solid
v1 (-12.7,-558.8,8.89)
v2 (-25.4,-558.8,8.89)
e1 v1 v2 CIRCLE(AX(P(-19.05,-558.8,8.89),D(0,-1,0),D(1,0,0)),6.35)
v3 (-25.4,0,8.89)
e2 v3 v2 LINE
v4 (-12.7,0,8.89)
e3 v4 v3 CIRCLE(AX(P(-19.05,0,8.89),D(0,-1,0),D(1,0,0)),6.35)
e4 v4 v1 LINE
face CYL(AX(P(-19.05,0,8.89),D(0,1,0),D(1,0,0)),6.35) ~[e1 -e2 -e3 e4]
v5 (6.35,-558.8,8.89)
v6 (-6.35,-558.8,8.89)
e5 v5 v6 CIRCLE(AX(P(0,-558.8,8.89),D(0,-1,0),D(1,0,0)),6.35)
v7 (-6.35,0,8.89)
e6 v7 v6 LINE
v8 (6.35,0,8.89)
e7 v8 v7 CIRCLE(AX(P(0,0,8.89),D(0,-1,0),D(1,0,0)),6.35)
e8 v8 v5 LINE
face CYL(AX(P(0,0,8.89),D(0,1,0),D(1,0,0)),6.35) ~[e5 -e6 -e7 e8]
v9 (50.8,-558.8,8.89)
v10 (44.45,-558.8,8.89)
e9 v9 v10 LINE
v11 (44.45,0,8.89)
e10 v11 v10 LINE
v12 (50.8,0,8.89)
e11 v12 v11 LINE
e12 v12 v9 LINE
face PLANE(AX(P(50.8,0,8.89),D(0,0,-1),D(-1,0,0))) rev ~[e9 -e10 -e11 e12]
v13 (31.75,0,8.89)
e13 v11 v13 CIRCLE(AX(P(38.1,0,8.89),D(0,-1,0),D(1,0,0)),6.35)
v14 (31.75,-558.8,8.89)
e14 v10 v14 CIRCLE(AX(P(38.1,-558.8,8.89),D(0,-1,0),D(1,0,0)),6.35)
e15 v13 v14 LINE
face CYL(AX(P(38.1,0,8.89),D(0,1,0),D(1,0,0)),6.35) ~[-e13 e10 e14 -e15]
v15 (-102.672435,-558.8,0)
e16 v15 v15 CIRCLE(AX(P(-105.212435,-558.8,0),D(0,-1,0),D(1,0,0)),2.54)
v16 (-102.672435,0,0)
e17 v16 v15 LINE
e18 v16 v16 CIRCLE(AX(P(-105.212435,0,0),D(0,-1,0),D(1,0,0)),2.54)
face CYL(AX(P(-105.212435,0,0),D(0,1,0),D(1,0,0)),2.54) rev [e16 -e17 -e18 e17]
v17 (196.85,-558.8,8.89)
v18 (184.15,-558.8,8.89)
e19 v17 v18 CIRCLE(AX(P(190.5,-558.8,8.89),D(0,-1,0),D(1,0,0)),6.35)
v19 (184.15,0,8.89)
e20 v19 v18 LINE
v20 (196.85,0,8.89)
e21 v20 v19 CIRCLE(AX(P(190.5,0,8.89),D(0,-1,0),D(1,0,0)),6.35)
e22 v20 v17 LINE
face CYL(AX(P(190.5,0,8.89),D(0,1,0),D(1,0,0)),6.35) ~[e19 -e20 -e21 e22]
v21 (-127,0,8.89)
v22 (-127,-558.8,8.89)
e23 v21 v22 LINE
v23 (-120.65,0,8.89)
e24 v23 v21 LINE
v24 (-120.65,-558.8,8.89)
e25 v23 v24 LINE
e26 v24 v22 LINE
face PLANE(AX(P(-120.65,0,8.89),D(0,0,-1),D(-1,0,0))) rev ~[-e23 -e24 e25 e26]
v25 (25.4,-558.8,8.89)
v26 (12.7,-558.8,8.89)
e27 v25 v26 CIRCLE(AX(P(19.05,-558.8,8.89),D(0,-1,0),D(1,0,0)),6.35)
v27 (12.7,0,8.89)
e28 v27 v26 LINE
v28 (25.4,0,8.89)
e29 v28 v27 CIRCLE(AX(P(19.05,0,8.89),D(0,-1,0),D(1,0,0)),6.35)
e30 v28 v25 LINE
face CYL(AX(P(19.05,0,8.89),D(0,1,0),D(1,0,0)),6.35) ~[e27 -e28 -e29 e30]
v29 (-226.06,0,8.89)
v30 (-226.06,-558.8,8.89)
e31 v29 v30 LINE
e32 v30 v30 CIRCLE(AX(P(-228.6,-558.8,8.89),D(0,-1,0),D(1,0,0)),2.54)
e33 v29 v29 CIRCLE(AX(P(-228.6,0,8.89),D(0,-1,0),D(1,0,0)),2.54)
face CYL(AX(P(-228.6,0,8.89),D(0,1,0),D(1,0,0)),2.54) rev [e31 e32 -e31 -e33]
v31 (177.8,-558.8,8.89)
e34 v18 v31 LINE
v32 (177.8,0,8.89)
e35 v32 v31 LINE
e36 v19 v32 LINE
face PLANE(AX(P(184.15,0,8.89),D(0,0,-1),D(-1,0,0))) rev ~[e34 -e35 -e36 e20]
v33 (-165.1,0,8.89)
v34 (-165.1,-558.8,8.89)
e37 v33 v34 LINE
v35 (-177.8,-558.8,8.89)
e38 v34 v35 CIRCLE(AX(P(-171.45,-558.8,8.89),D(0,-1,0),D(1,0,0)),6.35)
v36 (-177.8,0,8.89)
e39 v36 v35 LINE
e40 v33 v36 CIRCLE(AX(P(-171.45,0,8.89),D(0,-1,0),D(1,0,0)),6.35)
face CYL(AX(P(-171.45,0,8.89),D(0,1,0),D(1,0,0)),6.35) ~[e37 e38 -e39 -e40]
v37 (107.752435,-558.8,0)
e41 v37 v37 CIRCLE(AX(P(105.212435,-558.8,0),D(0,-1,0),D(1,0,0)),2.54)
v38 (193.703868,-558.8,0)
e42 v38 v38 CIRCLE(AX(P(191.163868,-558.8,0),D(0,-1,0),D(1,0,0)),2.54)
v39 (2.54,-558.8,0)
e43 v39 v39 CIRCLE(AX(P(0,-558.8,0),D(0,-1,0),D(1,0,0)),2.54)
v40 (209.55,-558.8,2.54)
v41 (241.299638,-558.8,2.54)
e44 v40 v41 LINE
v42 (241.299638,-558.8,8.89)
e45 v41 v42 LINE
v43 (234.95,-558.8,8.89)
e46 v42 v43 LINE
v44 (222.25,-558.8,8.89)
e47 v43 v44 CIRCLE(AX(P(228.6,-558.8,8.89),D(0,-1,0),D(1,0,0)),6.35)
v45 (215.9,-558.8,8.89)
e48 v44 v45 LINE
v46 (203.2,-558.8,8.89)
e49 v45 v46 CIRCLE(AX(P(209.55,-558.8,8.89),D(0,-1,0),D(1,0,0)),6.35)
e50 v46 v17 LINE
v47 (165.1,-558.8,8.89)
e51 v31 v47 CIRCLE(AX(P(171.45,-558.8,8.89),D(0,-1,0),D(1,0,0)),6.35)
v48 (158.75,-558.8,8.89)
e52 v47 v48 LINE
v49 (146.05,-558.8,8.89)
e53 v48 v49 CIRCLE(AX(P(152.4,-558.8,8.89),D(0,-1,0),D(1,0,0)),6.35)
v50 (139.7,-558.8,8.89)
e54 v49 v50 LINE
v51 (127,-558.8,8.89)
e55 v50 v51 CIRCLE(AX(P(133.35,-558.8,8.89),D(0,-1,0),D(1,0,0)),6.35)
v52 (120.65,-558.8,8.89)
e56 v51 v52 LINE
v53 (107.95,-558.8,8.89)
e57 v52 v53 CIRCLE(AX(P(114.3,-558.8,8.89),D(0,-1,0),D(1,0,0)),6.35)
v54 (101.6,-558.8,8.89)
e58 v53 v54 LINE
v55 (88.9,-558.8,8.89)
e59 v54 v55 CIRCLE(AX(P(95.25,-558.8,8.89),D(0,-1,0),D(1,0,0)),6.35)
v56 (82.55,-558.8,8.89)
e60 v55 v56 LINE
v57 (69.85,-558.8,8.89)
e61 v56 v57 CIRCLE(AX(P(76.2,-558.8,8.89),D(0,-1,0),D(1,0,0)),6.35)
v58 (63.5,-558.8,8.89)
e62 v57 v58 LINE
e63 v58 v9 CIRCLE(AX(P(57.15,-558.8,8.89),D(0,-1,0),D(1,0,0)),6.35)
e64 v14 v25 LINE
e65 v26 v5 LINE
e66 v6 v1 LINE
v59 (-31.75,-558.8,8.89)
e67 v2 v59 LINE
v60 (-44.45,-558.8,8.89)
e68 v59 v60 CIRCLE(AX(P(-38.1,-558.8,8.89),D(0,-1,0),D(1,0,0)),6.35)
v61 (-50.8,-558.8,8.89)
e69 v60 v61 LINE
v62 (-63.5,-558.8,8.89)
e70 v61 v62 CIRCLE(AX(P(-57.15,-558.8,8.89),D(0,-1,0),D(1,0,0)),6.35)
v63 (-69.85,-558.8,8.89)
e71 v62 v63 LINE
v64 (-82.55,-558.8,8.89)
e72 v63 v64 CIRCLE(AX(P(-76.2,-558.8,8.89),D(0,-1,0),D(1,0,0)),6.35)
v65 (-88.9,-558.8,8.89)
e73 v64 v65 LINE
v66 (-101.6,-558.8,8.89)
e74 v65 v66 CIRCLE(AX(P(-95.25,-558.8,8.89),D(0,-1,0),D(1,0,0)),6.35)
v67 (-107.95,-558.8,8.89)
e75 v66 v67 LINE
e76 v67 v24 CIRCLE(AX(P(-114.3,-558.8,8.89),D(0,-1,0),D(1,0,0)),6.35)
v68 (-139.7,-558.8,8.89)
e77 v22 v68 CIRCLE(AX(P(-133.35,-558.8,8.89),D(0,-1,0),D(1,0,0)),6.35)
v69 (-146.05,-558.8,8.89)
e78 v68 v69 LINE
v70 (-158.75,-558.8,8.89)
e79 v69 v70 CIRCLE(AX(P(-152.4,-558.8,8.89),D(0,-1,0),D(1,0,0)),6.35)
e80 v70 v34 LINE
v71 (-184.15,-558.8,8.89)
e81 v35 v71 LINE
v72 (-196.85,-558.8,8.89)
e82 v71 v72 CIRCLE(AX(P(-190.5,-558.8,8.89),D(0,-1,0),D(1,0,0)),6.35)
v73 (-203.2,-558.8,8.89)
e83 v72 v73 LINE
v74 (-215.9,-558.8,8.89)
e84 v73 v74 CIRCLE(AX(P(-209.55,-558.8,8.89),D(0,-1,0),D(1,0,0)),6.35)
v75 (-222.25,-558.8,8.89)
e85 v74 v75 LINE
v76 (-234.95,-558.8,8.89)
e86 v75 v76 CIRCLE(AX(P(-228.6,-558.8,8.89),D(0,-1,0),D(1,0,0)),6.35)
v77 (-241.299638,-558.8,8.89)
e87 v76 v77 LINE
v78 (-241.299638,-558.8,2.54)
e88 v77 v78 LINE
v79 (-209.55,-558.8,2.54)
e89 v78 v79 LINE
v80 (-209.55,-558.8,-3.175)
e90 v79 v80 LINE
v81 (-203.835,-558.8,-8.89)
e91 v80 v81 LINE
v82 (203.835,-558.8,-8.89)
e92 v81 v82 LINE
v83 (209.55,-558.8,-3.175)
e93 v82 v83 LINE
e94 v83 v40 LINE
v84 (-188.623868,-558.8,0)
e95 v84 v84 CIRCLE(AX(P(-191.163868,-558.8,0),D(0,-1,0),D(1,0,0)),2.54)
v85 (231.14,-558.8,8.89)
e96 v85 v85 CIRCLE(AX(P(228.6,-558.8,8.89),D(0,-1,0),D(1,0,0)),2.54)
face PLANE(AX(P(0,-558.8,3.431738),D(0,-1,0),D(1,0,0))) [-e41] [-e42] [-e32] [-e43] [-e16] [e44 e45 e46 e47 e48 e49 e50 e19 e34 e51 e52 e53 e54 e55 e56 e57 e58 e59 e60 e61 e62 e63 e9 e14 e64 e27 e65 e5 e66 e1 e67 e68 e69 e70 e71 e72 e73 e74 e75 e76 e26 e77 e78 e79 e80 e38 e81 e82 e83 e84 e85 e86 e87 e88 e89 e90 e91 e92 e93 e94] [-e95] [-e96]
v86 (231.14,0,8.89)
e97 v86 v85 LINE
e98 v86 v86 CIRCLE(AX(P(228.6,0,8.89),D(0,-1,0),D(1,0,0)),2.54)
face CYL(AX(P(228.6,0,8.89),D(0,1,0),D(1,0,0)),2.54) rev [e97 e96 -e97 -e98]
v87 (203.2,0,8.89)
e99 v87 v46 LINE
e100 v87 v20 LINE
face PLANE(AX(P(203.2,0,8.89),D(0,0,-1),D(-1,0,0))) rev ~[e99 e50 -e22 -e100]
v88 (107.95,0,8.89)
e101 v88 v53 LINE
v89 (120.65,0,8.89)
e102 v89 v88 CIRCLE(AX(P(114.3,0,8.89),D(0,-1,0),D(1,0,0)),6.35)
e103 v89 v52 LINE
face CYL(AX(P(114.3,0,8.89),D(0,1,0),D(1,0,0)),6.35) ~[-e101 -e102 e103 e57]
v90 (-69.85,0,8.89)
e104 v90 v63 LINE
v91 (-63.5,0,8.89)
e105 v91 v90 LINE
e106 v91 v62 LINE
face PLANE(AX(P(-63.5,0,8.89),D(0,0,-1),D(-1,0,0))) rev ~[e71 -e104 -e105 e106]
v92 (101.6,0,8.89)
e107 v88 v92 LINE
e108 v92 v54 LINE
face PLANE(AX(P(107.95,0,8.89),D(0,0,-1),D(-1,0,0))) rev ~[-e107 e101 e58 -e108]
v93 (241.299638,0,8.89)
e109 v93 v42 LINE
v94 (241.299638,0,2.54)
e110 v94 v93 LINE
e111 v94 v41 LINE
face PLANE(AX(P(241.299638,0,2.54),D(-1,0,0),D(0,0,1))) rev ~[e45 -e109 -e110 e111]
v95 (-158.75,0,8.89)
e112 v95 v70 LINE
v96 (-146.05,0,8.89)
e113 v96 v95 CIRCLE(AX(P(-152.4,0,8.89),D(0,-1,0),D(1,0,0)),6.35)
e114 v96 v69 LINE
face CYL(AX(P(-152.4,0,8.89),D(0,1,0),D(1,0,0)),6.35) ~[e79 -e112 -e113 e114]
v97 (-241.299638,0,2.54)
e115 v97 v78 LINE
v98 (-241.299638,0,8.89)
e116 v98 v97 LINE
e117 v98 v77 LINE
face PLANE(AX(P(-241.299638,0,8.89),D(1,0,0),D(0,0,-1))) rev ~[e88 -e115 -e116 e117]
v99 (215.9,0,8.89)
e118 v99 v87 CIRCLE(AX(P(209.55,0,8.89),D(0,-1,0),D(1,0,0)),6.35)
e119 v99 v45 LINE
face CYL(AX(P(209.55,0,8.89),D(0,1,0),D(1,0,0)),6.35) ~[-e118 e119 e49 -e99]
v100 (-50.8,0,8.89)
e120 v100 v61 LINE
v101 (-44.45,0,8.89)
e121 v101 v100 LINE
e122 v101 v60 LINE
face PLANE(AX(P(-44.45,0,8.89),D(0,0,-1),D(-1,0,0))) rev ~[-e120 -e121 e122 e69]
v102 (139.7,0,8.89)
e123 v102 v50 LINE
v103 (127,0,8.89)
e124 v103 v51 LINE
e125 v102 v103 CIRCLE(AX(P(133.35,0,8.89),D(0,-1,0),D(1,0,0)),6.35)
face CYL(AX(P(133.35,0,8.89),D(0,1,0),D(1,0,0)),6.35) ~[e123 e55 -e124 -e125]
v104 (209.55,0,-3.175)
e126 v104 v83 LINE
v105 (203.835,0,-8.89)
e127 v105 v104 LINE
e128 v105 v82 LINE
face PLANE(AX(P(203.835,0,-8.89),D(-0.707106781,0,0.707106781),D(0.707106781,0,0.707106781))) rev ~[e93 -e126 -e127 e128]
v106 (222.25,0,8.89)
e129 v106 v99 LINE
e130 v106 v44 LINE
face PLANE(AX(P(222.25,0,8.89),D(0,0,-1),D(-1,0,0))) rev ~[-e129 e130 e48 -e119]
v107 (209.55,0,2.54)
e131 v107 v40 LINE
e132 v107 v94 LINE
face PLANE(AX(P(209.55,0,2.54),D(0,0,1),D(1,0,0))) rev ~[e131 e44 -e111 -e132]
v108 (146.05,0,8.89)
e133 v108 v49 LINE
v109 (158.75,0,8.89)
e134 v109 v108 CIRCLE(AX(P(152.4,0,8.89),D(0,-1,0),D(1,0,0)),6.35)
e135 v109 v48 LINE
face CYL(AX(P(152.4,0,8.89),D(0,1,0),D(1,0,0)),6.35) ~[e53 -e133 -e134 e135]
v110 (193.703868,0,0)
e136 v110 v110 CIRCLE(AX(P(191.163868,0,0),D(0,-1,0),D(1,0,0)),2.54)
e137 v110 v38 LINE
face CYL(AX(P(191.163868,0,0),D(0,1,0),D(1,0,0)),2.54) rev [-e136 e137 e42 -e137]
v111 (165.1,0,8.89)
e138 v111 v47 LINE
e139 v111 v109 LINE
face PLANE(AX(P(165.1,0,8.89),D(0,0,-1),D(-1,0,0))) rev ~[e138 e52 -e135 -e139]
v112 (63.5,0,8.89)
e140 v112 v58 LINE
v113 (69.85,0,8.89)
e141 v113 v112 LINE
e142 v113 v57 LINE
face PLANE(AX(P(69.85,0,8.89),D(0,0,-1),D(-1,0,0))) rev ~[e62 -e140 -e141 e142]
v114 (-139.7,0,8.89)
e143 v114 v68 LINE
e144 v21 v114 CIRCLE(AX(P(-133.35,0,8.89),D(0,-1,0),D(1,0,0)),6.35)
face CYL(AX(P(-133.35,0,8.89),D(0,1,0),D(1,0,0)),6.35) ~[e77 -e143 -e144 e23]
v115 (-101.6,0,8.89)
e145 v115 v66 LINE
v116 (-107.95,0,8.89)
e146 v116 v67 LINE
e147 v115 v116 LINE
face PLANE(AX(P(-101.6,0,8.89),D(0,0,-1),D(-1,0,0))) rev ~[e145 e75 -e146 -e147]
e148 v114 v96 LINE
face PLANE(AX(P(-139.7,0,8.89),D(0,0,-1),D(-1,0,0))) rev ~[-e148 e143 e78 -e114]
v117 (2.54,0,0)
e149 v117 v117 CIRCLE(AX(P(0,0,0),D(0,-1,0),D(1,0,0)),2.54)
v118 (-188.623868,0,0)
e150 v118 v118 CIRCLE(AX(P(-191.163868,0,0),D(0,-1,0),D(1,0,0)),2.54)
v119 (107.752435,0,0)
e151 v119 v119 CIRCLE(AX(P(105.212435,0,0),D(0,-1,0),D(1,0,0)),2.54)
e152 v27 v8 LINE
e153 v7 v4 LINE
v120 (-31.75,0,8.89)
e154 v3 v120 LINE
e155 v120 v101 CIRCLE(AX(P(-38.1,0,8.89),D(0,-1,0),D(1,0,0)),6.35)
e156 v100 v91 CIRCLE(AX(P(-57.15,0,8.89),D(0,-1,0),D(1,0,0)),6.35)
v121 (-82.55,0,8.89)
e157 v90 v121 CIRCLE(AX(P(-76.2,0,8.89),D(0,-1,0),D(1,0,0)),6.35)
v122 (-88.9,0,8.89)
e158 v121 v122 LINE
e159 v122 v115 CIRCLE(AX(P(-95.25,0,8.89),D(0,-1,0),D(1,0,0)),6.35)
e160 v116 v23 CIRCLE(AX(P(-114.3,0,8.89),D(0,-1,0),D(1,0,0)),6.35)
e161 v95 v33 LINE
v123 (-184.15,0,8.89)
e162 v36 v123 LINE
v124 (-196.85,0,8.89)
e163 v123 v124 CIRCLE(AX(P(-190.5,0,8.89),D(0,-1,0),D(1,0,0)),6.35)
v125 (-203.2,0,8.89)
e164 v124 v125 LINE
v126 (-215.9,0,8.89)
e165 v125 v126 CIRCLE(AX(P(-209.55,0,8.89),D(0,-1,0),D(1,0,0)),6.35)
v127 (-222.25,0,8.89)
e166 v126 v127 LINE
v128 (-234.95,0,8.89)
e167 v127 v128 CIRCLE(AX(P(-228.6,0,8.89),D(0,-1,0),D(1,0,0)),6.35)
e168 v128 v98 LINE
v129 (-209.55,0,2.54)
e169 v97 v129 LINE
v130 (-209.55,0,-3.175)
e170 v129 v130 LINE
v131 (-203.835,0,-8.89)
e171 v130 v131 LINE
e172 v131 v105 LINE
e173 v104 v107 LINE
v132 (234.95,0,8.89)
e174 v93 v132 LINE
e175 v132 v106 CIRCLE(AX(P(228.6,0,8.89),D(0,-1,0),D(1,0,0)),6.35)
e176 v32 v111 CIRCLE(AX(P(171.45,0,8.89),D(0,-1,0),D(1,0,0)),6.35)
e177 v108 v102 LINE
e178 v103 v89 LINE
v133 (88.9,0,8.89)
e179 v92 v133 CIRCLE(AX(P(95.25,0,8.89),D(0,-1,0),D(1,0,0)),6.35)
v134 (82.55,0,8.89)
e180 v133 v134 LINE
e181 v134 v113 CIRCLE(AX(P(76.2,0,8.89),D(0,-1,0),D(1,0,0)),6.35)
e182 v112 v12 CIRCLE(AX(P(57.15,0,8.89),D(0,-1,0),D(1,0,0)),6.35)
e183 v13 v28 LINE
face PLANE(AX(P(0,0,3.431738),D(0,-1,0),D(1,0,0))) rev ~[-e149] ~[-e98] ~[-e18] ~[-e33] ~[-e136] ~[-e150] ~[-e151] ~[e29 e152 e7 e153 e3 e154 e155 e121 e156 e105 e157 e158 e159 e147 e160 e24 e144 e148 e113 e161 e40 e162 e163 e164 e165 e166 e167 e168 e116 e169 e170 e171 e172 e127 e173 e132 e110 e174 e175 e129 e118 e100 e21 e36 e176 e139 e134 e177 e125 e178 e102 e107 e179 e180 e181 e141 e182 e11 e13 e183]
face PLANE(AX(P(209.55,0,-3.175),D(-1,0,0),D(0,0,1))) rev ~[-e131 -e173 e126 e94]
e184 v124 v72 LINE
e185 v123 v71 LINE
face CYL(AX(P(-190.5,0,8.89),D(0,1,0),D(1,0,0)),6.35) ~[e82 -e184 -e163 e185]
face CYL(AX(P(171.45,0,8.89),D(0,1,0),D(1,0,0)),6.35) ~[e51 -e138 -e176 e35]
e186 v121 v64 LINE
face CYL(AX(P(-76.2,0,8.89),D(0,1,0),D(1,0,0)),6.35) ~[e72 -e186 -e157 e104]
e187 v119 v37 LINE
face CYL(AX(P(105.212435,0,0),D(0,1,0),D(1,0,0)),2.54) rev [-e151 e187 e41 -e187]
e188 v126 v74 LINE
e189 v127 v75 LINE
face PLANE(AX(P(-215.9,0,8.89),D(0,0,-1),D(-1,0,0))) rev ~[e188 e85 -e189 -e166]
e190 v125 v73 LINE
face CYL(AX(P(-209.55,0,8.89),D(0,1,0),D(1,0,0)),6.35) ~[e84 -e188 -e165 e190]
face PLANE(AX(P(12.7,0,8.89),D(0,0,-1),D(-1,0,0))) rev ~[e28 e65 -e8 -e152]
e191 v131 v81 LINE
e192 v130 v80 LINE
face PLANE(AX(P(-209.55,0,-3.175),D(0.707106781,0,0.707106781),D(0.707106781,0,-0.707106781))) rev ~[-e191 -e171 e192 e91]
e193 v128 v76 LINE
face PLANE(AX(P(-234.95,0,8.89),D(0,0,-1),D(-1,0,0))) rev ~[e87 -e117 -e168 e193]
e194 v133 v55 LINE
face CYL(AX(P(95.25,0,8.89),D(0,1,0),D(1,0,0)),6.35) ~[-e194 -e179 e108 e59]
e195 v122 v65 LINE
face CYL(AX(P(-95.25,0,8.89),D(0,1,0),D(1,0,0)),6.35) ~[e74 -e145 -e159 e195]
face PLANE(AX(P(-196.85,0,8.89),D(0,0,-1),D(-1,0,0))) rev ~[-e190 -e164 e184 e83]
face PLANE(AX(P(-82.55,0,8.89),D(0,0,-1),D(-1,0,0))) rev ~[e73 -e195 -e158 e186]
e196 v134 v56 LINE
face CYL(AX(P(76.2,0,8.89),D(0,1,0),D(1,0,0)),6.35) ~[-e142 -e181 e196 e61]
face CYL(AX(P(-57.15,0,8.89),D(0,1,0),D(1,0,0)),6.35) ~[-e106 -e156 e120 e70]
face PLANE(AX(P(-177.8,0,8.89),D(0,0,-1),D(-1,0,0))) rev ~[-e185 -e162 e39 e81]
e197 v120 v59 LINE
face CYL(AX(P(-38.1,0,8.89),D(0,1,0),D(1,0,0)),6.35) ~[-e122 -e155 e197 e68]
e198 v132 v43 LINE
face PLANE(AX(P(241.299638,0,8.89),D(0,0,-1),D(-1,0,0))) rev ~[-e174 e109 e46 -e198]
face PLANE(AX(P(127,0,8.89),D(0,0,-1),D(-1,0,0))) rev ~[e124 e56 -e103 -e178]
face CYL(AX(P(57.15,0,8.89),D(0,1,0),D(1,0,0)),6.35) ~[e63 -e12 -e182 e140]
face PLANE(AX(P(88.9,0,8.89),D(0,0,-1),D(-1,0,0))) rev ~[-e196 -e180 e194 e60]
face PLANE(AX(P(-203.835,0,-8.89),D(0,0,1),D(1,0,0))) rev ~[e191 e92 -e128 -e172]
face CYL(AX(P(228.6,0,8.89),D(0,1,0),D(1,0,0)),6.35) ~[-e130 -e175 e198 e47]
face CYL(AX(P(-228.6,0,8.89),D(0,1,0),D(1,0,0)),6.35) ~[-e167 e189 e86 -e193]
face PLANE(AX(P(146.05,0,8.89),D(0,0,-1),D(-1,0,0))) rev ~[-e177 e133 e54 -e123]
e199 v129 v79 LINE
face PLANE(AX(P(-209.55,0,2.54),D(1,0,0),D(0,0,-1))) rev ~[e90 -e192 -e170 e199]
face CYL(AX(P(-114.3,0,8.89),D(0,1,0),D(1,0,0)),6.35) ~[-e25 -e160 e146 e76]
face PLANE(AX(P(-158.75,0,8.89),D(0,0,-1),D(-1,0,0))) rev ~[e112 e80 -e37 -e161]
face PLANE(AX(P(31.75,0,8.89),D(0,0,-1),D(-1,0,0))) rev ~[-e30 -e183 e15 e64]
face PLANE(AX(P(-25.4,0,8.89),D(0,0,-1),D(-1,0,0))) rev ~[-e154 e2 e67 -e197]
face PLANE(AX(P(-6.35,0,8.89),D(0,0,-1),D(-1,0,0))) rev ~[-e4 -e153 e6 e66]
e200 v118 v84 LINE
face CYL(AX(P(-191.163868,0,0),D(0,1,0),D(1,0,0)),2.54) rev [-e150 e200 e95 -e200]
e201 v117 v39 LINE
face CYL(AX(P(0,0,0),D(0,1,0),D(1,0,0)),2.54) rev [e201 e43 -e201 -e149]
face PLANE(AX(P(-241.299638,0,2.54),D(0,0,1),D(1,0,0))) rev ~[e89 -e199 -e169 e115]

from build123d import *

# Parameters (mm, degrees)
F0_R     = 2.54
F1_DEPTH = 558.8


with BuildPart() as f1:
    # F0 (on Front) → F1 (new body)
    with BuildSketch(Plane.XZ):
        with BuildLine():
            Line((241.299638, 2.54), (241.299638, 8.89))
            Line((241.299638, 8.89), (234.95, 8.89))
            ThreePointArc((234.95, 8.89), (228.6, 15.24), (222.25, 8.89))
            Line((222.25, 8.89), (215.9, 8.89))
            ThreePointArc((215.9, 8.89), (209.55, 15.24), (203.2, 8.89))
            Line((203.2, 8.89), (196.85, 8.89))
            ThreePointArc((196.85, 8.89), (190.5, 15.24), (184.15, 8.89))
            Line((184.15, 8.89), (177.8, 8.89))
            ThreePointArc((177.8, 8.89), (171.45, 15.24), (165.1, 8.89))
            Line((165.1, 8.89), (158.75, 8.89))
            ThreePointArc((158.75, 8.89), (152.4, 15.24), (146.05, 8.89))
            Line((146.05, 8.89), (139.7, 8.89))
            ThreePointArc((139.7, 8.89), (133.35, 15.24), (127, 8.89))
            Line((127, 8.89), (120.65, 8.89))
            ThreePointArc((120.65, 8.89), (114.3, 15.24), (107.95, 8.89))
            Line((107.95, 8.89), (101.6, 8.89))
            ThreePointArc((101.6, 8.89), (95.25, 15.24), (88.9, 8.89))
            Line((88.9, 8.89), (82.55, 8.89))
            ThreePointArc((82.55, 8.89), (76.2, 15.24), (69.85, 8.89))
            Line((69.85, 8.89), (63.5, 8.89))
            ThreePointArc((63.5, 8.89), (57.15, 15.24), (50.8, 8.89))
            Line((50.8, 8.89), (44.45, 8.89))
            ThreePointArc((44.45, 8.89), (38.1, 15.24), (31.75, 8.89))
            Line((31.75, 8.89), (25.4, 8.89))
            ThreePointArc((25.4, 8.89), (19.05, 15.24), (12.7, 8.89))
            Line((12.7, 8.89), (6.35, 8.89))
            ThreePointArc((6.35, 8.89), (0, 15.24), (-6.35, 8.89))
            Line((-6.35, 8.89), (-12.7, 8.89))
            ThreePointArc((-12.7, 8.89), (-19.05, 15.24), (-25.4, 8.89))
            Line((-25.4, 8.89), (-31.75, 8.89))
            ThreePointArc((-31.75, 8.89), (-38.1, 15.24), (-44.45, 8.89))
            Line((-44.45, 8.89), (-50.8, 8.89))
            ThreePointArc((-50.8, 8.89), (-57.15, 15.24), (-63.5, 8.89))
            Line((-63.5, 8.89), (-69.85, 8.89))
            ThreePointArc((-69.85, 8.89), (-76.2, 15.24), (-82.55, 8.89))
            Line((-82.55, 8.89), (-88.9, 8.89))
            ThreePointArc((-88.9, 8.89), (-95.25, 15.24), (-101.6, 8.89))
            Line((-101.6, 8.89), (-107.95, 8.89))
            ThreePointArc((-107.95, 8.89), (-114.3, 15.24), (-120.65, 8.89))
            Line((-120.65, 8.89), (-127, 8.89))
            ThreePointArc((-127, 8.89), (-133.35, 15.24), (-139.7, 8.89))
            Line((-139.7, 8.89), (-146.05, 8.89))
            ThreePointArc((-146.05, 8.89), (-152.4, 15.24), (-158.75, 8.89))
            Line((-158.75, 8.89), (-165.1, 8.89))
            ThreePointArc((-165.1, 8.89), (-171.45, 15.24), (-177.8, 8.89))
            Line((-177.8, 8.89), (-184.15, 8.89))
            ThreePointArc((-184.15, 8.89), (-190.5, 15.24), (-196.85, 8.89))
            Line((-196.85, 8.89), (-203.2, 8.89))
            ThreePointArc((-203.2, 8.89), (-209.55, 15.24), (-215.9, 8.89))
            Line((-215.9, 8.89), (-222.25, 8.89))
            ThreePointArc((-222.25, 8.89), (-228.6, 15.24), (-234.95, 8.89))
            Line((-234.95, 8.89), (-241.299638, 8.89))
            Line((-241.299638, 8.89), (-241.299638, 2.54))
            Line((-241.299638, 2.54), (-209.55, 2.54))
            Line((-209.55, 2.54), (-209.55, -3.175))
            Line((-209.55, -3.175), (-203.835, -8.89))
            Line((-203.835, -8.89), (203.835, -8.89))
            Line((203.835, -8.89), (209.55, -3.175))
            Line((209.55, -3.175), (209.55, 2.54))
            Line((209.55, 2.54), (241.299638, 2.54))
        make_face()
        with Locations((-191.163868, 0)):
            Circle(F0_R, mode=Mode.SUBTRACT)
        with Locations((-105.212435, 0)):
            Circle(F0_R, mode=Mode.SUBTRACT)
        Circle(F0_R, mode=Mode.SUBTRACT)
        with Locations((105.212435, 0)):
            Circle(F0_R, mode=Mode.SUBTRACT)
        with Locations((191.163868, 0)):
            Circle(F0_R, mode=Mode.SUBTRACT)
        with Locations((-228.6, 8.89)):
            Circle(F0_R, mode=Mode.SUBTRACT)
        with Locations((228.6, 8.89)):
            Circle(F0_R, mode=Mode.SUBTRACT)
    extrude(amount=F1_DEPTH)


solid = f1.part
